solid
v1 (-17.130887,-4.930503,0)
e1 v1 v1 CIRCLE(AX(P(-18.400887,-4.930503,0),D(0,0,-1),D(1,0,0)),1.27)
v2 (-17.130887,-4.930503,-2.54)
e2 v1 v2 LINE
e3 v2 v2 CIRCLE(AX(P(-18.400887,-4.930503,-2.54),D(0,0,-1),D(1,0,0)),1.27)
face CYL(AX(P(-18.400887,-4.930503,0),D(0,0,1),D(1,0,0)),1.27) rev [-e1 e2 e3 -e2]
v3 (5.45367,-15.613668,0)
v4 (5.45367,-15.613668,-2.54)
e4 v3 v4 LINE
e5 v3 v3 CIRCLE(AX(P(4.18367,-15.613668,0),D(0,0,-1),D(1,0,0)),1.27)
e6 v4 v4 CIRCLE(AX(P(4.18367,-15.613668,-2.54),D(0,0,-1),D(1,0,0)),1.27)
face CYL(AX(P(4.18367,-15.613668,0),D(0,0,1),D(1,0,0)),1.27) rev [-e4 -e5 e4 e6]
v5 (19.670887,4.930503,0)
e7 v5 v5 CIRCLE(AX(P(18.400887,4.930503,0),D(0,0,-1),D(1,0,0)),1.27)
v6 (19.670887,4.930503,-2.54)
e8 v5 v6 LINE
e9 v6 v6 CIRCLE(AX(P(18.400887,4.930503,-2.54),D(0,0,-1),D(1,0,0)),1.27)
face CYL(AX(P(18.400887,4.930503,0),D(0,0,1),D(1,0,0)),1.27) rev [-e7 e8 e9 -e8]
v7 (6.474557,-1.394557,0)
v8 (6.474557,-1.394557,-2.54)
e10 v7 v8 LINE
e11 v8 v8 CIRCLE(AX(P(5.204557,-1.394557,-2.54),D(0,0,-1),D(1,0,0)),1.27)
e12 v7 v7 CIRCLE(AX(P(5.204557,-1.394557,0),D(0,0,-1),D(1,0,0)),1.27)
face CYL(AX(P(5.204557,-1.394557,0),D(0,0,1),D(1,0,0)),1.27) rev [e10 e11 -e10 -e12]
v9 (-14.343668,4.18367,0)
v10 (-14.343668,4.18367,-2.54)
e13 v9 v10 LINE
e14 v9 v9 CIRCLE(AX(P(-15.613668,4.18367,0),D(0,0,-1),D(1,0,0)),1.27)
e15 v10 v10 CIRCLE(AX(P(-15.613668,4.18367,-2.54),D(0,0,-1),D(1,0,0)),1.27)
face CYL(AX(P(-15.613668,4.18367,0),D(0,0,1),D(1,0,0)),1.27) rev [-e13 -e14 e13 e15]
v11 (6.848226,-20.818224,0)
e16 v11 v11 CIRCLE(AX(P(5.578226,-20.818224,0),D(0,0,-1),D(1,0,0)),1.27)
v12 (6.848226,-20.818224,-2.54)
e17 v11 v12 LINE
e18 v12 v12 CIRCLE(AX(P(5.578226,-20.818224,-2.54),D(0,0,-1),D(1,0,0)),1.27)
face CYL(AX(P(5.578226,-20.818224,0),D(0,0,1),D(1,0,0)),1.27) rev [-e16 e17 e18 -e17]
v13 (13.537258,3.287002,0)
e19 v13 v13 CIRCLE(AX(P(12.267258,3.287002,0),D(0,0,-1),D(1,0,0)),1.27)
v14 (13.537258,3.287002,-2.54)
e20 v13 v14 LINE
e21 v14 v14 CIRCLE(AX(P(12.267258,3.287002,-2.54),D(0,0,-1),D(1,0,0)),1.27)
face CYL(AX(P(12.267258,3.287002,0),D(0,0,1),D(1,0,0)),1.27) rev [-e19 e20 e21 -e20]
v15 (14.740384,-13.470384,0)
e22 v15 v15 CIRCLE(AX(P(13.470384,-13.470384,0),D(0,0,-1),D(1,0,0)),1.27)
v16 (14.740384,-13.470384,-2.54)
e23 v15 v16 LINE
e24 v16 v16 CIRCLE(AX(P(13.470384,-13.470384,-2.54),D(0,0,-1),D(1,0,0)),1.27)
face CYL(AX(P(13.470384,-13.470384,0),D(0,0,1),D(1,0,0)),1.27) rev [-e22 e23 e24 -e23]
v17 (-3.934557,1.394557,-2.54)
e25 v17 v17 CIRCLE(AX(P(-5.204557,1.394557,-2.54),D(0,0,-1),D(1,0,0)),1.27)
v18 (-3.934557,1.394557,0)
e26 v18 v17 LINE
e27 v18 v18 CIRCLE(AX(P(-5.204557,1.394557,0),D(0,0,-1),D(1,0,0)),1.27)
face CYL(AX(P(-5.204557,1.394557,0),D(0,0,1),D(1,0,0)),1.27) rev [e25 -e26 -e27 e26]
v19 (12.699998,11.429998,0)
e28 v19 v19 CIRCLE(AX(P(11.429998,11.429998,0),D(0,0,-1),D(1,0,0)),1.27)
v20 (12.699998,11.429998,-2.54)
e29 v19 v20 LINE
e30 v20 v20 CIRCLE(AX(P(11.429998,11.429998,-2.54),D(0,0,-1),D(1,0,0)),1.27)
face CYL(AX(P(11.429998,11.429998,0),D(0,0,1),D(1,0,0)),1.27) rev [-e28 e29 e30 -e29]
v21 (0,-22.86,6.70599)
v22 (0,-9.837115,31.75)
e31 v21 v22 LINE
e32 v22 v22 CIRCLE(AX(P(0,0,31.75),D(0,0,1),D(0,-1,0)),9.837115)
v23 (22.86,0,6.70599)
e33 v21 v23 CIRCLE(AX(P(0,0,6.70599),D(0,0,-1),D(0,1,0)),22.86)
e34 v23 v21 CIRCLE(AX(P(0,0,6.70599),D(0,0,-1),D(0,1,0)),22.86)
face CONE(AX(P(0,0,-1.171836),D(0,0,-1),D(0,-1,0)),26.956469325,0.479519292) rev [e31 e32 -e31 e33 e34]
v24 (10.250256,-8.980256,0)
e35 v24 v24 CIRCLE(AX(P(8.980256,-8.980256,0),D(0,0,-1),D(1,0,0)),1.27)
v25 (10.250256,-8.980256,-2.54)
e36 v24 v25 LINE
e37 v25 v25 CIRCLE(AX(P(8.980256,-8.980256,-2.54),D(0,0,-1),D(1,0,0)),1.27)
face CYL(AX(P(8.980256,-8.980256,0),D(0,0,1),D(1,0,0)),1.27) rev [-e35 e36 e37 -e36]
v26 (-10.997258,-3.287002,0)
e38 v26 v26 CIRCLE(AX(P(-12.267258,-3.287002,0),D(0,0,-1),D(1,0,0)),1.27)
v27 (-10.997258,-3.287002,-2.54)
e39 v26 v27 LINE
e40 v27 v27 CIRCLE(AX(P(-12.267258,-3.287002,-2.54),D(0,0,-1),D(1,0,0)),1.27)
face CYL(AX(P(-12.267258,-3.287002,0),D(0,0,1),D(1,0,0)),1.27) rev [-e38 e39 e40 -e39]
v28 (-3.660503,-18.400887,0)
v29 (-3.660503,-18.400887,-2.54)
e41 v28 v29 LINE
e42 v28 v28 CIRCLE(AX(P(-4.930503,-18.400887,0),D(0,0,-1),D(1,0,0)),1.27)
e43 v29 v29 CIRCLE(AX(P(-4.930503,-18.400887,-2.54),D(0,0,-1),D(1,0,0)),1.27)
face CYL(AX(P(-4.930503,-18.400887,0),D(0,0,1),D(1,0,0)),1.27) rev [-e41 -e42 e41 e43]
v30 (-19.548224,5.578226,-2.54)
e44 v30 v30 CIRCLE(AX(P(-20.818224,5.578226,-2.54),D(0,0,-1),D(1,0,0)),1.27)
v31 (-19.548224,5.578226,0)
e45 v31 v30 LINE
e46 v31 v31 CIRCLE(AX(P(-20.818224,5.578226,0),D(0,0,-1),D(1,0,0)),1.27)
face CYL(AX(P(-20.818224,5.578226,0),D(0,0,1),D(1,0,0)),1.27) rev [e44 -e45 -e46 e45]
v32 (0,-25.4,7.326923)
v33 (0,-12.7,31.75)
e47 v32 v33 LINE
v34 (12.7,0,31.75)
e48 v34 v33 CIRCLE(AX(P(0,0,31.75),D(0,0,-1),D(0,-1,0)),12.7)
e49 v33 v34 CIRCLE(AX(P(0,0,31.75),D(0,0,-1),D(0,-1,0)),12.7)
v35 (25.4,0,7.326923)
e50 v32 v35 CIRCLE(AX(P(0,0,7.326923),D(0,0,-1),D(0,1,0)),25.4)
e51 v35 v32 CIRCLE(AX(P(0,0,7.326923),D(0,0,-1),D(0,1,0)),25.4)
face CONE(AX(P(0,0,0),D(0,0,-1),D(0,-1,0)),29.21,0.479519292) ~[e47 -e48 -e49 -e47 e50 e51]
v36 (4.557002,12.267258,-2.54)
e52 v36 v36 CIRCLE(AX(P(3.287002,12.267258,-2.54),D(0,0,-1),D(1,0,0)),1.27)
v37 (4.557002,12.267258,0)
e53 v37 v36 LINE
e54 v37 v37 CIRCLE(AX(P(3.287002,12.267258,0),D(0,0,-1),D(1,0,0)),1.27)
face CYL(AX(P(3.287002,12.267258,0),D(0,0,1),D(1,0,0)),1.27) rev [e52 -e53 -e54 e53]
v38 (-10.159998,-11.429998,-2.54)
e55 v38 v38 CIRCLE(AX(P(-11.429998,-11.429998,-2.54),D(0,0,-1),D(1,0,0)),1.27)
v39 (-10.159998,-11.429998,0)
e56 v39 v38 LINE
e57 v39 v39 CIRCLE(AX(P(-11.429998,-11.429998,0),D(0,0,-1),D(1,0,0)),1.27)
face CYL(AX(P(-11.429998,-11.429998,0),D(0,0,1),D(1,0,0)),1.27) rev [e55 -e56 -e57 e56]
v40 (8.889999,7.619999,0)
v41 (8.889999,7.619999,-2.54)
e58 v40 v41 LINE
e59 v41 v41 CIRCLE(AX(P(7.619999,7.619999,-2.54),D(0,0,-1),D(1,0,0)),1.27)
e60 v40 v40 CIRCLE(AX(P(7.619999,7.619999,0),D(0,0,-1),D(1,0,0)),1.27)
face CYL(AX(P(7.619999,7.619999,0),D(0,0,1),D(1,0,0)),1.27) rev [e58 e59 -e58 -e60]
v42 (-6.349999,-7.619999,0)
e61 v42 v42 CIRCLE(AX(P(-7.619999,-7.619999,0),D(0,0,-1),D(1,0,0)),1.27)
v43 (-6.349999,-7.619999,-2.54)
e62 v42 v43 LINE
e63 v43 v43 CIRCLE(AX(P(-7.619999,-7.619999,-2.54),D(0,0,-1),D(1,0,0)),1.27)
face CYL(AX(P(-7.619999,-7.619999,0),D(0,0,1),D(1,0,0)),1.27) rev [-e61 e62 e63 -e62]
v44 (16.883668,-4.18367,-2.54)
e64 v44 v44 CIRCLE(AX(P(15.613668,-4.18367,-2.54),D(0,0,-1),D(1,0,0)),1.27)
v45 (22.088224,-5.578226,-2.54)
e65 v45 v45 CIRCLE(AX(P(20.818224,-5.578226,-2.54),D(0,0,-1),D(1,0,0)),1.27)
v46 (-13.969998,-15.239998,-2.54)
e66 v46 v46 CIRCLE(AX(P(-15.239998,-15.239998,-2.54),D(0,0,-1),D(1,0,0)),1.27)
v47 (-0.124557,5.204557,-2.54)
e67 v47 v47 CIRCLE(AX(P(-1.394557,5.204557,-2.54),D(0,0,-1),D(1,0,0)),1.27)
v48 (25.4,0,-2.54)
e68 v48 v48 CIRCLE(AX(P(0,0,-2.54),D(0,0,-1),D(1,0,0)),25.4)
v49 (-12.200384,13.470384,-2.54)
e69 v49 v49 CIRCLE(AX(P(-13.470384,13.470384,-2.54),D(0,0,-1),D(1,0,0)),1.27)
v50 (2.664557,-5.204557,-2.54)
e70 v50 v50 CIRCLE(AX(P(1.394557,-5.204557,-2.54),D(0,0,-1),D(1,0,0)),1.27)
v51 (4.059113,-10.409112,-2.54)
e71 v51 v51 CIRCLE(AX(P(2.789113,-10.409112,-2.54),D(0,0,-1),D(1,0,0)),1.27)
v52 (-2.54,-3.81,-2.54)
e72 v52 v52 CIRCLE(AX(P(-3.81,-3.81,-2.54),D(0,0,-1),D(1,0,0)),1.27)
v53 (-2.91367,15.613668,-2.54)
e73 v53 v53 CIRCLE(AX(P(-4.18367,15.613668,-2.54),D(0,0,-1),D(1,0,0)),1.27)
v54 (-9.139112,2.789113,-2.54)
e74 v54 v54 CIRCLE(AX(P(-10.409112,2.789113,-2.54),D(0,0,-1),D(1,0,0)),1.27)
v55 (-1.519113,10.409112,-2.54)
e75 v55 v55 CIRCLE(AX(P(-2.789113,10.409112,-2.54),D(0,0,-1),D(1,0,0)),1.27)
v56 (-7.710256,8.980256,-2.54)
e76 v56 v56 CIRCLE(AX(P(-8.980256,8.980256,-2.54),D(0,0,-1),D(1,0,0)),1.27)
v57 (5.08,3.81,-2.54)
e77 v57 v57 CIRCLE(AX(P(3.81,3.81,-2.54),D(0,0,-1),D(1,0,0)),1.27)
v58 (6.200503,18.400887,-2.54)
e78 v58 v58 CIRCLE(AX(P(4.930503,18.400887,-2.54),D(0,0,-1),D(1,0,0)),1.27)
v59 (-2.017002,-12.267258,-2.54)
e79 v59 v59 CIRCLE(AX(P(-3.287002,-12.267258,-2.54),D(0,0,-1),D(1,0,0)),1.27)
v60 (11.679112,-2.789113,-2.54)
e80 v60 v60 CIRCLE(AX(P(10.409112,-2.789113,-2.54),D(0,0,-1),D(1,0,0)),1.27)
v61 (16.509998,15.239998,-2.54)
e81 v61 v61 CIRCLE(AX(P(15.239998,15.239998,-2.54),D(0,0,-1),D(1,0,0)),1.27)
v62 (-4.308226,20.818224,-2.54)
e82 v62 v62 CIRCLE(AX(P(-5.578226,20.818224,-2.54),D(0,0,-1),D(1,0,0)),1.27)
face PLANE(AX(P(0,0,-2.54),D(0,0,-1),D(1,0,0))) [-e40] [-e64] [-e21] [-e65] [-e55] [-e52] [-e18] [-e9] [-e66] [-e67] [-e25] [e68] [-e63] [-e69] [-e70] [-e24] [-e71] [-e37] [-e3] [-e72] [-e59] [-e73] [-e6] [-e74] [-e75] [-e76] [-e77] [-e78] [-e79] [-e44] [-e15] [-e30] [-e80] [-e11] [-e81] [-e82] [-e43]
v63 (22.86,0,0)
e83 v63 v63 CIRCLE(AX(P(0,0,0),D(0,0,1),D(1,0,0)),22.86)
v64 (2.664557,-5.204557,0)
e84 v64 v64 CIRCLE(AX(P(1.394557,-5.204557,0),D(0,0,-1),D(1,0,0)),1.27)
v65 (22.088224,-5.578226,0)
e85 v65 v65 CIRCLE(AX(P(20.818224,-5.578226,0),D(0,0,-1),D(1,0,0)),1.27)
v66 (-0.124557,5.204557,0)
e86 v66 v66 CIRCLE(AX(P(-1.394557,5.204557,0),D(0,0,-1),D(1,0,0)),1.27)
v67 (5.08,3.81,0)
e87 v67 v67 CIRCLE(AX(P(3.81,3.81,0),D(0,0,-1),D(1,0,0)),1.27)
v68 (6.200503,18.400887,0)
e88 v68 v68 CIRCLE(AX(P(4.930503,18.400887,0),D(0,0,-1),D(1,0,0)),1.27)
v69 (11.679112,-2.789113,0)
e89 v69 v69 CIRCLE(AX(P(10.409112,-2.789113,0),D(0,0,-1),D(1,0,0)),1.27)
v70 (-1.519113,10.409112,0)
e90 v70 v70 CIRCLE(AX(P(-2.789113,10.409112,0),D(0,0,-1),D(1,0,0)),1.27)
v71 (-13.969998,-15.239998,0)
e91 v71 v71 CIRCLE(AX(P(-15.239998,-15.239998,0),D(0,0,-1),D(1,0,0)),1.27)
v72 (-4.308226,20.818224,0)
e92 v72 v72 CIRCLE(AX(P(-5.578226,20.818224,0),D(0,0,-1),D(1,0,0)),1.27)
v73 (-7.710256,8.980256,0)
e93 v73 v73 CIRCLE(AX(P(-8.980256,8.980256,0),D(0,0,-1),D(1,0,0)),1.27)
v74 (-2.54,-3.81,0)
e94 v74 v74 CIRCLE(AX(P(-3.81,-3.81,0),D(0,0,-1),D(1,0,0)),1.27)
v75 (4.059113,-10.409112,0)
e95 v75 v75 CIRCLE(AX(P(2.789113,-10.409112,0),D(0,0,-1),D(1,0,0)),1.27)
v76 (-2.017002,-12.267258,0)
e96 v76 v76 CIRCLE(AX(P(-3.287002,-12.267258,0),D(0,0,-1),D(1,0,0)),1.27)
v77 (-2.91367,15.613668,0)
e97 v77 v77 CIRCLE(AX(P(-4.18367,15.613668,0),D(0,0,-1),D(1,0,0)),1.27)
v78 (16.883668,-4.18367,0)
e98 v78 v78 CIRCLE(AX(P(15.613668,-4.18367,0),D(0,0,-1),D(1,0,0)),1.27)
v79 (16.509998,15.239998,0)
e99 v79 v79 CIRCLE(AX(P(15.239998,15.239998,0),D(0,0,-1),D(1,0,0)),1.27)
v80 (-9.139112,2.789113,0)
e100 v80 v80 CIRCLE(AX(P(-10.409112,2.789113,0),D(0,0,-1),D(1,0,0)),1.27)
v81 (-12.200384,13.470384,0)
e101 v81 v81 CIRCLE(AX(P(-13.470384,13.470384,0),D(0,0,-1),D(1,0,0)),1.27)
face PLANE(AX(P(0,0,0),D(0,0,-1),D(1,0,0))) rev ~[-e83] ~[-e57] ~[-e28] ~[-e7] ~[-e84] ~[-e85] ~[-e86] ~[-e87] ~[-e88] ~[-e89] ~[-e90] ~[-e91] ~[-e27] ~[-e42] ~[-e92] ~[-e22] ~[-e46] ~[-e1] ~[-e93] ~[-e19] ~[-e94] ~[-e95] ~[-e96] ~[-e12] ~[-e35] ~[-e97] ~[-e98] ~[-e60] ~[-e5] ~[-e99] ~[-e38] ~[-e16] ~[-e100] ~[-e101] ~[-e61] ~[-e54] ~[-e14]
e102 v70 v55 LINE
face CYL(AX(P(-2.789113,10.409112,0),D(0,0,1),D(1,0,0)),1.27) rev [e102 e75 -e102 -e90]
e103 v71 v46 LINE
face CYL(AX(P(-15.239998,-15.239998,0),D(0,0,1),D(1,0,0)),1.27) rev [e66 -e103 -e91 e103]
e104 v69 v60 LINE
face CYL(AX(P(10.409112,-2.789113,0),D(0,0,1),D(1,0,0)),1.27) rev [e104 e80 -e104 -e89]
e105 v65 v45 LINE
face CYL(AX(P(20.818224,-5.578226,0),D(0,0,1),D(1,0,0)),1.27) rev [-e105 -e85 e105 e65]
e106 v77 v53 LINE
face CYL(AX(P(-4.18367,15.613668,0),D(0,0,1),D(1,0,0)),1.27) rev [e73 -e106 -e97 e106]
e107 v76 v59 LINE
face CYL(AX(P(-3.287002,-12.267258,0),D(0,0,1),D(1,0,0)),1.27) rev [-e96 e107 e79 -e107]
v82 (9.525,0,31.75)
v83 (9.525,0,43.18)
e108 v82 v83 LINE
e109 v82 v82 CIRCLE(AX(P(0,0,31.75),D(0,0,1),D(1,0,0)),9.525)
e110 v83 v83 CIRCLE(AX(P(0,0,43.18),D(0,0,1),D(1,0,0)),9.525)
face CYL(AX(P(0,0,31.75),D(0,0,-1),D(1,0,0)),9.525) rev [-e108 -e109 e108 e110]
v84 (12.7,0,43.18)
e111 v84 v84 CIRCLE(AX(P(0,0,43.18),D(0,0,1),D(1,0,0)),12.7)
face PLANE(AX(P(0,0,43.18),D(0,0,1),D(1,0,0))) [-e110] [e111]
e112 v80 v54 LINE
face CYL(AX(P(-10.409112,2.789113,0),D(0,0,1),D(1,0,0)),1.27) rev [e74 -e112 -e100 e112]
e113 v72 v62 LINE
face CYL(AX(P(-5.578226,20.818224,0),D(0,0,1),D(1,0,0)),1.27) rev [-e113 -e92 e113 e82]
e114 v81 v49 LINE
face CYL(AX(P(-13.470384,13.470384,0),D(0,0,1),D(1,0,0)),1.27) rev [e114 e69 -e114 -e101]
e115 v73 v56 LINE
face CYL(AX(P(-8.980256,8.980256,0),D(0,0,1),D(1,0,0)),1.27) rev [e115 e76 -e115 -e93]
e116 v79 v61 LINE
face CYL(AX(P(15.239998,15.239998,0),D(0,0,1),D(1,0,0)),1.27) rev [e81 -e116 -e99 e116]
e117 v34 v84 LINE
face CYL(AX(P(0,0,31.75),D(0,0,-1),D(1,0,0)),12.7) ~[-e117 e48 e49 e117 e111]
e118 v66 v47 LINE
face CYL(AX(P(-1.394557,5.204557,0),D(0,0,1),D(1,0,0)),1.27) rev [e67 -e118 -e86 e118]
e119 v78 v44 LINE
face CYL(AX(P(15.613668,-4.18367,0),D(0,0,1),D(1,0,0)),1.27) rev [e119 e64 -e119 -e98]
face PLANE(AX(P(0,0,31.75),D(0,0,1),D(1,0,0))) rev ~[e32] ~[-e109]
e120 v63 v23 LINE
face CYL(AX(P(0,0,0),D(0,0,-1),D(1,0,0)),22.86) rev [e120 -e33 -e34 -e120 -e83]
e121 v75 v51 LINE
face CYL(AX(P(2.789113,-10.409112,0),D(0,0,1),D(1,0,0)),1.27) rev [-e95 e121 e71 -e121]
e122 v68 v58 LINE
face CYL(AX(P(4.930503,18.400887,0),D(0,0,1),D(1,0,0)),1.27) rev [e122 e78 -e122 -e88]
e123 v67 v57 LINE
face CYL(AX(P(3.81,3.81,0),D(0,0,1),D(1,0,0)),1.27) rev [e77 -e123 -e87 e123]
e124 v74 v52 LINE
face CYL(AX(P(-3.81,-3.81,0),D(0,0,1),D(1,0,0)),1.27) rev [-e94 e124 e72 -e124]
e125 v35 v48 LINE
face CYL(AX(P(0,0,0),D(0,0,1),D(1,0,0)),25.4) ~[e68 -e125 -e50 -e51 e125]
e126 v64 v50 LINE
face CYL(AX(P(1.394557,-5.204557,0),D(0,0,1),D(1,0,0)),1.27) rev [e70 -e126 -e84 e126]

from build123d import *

# Parameters (mm, degrees)
F0_R     = 25.4
F1_DEPTH = 31.75
F4_T     = -2.54
F5_R     = 12.7
F5_R_2   = 9.525
F6_DEPTH = 11.43
F7_R     = 25.4
F7_R_2   = 1.27
F8_DEPTH = 2.54


with BuildPart() as f1:
    # F0 (on Top) → F1 (new body)
    with BuildSketch(Plane.XY):
        Circle(F0_R)
    extrude(amount=F1_DEPTH)

    # F2 (on Right) → F3 (revolve, cut)
    with BuildSketch(Plane.YZ):
        Polygon((-29.21, 31.75), (-29.21, 0), (-12.7, 31.75), align=None)
    revolve(axis=Axis((0, 0, 15.875), (0, 0, -1)), mode=Mode.SUBTRACT)

    # F4
    f4_openings = [f1.faces().sort_by_distance(p)[0] for p in [
        (0, 0, 0),
        (0, 0, 31.75),
    ]]
    offset(amount=F4_T, openings=f4_openings)

    # F5 (on face) → F6 (join)
    with BuildSketch(Plane.XY.offset(31.75)):
        Circle(F5_R)
        Circle(F5_R_2, mode=Mode.SUBTRACT)
    extrude(amount=F6_DEPTH)

    # F7 (on face) → F8 (join)
    with BuildSketch(Plane(origin=(0, 0, 0), x_dir=(1, 0, 0), z_dir=(0, 0, -1))):
        Circle(F7_R)
        with Locations((-13.470384, -13.470384)):
            Circle(F7_R_2, mode=Mode.SUBTRACT)
        with Locations((-5.578226, -20.818224)):
            Circle(F7_R_2, mode=Mode.SUBTRACT)
        with Locations((-4.18367, -15.613668)):
            Circle(F7_R_2, mode=Mode.SUBTRACT)
        with Locations((-20.818224, -5.578226)):
            Circle(F7_R_2, mode=Mode.SUBTRACT)
        with Locations((-15.613668, -4.18367)):
            Circle(F7_R_2, mode=Mode.SUBTRACT)
        with Locations((-8.980256, -8.980256)):
            Circle(F7_R_2, mode=Mode.SUBTRACT)
        with Locations((-2.789113, -10.409112)):
            Circle(F7_R_2, mode=Mode.SUBTRACT)
        with Locations((-10.409112, -2.789113)):
            Circle(F7_R_2, mode=Mode.SUBTRACT)
        with Locations((-1.394557, -5.204557)):
            Circle(F7_R_2, mode=Mode.SUBTRACT)
        with Locations((-5.204557, -1.394557)):
            Circle(F7_R_2, mode=Mode.SUBTRACT)
        with Locations((4.930503, -18.400887)):
            Circle(F7_R_2, mode=Mode.SUBTRACT)
        with Locations((15.239998, -15.239998)):
            Circle(F7_R_2, mode=Mode.SUBTRACT)
        with Locations((3.287002, -12.267258)):
            Circle(F7_R_2, mode=Mode.SUBTRACT)
        with Locations((11.429998, -11.429998)):
            Circle(F7_R_2, mode=Mode.SUBTRACT)
        with Locations((7.619999, -7.619999)):
            Circle(F7_R_2, mode=Mode.SUBTRACT)
        with Locations((3.81, -3.81)):
            Circle(F7_R_2, mode=Mode.SUBTRACT)
        with Locations((12.267258, -3.287002)):
            Circle(F7_R_2, mode=Mode.SUBTRACT)
        with Locations((18.400887, -4.930503)):
            Circle(F7_R_2, mode=Mode.SUBTRACT)
        with Locations((-18.400887, 4.930503)):
            Circle(F7_R_2, mode=Mode.SUBTRACT)
        with Locations((-12.267258, 3.287002)):
            Circle(F7_R_2, mode=Mode.SUBTRACT)
        with Locations((-3.81, 3.81)):
            Circle(F7_R_2, mode=Mode.SUBTRACT)
        with Locations((-7.619999, 7.619999)):
            Circle(F7_R_2, mode=Mode.SUBTRACT)
        with Locations((-11.429998, 11.429998)):
            Circle(F7_R_2, mode=Mode.SUBTRACT)
        with Locations((-3.287002, 12.267258)):
            Circle(F7_R_2, mode=Mode.SUBTRACT)
        with Locations((-15.239998, 15.239998)):
            Circle(F7_R_2, mode=Mode.SUBTRACT)
        with Locations((-4.930503, 18.400887)):
            Circle(F7_R_2, mode=Mode.SUBTRACT)
        with Locations((5.204557, 1.394557)):
            Circle(F7_R_2, mode=Mode.SUBTRACT)
        with Locations((1.394557, 5.204557)):
            Circle(F7_R_2, mode=Mode.SUBTRACT)
        with Locations((10.409112, 2.789113)):
            Circle(F7_R_2, mode=Mode.SUBTRACT)
        with Locations((2.789113, 10.409112)):
            Circle(F7_R_2, mode=Mode.SUBTRACT)
        with Locations((8.980256, 8.980256)):
            Circle(F7_R_2, mode=Mode.SUBTRACT)
        with Locations((15.613668, 4.18367)):
            Circle(F7_R_2, mode=Mode.SUBTRACT)
        with Locations((20.818224, 5.578226)):
            Circle(F7_R_2, mode=Mode.SUBTRACT)
        with Locations((4.18367, 15.613668)):
            Circle(F7_R_2, mode=Mode.SUBTRACT)
        with Locations((5.578226, 20.818224)):
            Circle(F7_R_2, mode=Mode.SUBTRACT)
        with Locations((13.470384, 13.470384)):
            Circle(F7_R_2, mode=Mode.SUBTRACT)
    extrude(amount=F8_DEPTH)


solid = f1.part
